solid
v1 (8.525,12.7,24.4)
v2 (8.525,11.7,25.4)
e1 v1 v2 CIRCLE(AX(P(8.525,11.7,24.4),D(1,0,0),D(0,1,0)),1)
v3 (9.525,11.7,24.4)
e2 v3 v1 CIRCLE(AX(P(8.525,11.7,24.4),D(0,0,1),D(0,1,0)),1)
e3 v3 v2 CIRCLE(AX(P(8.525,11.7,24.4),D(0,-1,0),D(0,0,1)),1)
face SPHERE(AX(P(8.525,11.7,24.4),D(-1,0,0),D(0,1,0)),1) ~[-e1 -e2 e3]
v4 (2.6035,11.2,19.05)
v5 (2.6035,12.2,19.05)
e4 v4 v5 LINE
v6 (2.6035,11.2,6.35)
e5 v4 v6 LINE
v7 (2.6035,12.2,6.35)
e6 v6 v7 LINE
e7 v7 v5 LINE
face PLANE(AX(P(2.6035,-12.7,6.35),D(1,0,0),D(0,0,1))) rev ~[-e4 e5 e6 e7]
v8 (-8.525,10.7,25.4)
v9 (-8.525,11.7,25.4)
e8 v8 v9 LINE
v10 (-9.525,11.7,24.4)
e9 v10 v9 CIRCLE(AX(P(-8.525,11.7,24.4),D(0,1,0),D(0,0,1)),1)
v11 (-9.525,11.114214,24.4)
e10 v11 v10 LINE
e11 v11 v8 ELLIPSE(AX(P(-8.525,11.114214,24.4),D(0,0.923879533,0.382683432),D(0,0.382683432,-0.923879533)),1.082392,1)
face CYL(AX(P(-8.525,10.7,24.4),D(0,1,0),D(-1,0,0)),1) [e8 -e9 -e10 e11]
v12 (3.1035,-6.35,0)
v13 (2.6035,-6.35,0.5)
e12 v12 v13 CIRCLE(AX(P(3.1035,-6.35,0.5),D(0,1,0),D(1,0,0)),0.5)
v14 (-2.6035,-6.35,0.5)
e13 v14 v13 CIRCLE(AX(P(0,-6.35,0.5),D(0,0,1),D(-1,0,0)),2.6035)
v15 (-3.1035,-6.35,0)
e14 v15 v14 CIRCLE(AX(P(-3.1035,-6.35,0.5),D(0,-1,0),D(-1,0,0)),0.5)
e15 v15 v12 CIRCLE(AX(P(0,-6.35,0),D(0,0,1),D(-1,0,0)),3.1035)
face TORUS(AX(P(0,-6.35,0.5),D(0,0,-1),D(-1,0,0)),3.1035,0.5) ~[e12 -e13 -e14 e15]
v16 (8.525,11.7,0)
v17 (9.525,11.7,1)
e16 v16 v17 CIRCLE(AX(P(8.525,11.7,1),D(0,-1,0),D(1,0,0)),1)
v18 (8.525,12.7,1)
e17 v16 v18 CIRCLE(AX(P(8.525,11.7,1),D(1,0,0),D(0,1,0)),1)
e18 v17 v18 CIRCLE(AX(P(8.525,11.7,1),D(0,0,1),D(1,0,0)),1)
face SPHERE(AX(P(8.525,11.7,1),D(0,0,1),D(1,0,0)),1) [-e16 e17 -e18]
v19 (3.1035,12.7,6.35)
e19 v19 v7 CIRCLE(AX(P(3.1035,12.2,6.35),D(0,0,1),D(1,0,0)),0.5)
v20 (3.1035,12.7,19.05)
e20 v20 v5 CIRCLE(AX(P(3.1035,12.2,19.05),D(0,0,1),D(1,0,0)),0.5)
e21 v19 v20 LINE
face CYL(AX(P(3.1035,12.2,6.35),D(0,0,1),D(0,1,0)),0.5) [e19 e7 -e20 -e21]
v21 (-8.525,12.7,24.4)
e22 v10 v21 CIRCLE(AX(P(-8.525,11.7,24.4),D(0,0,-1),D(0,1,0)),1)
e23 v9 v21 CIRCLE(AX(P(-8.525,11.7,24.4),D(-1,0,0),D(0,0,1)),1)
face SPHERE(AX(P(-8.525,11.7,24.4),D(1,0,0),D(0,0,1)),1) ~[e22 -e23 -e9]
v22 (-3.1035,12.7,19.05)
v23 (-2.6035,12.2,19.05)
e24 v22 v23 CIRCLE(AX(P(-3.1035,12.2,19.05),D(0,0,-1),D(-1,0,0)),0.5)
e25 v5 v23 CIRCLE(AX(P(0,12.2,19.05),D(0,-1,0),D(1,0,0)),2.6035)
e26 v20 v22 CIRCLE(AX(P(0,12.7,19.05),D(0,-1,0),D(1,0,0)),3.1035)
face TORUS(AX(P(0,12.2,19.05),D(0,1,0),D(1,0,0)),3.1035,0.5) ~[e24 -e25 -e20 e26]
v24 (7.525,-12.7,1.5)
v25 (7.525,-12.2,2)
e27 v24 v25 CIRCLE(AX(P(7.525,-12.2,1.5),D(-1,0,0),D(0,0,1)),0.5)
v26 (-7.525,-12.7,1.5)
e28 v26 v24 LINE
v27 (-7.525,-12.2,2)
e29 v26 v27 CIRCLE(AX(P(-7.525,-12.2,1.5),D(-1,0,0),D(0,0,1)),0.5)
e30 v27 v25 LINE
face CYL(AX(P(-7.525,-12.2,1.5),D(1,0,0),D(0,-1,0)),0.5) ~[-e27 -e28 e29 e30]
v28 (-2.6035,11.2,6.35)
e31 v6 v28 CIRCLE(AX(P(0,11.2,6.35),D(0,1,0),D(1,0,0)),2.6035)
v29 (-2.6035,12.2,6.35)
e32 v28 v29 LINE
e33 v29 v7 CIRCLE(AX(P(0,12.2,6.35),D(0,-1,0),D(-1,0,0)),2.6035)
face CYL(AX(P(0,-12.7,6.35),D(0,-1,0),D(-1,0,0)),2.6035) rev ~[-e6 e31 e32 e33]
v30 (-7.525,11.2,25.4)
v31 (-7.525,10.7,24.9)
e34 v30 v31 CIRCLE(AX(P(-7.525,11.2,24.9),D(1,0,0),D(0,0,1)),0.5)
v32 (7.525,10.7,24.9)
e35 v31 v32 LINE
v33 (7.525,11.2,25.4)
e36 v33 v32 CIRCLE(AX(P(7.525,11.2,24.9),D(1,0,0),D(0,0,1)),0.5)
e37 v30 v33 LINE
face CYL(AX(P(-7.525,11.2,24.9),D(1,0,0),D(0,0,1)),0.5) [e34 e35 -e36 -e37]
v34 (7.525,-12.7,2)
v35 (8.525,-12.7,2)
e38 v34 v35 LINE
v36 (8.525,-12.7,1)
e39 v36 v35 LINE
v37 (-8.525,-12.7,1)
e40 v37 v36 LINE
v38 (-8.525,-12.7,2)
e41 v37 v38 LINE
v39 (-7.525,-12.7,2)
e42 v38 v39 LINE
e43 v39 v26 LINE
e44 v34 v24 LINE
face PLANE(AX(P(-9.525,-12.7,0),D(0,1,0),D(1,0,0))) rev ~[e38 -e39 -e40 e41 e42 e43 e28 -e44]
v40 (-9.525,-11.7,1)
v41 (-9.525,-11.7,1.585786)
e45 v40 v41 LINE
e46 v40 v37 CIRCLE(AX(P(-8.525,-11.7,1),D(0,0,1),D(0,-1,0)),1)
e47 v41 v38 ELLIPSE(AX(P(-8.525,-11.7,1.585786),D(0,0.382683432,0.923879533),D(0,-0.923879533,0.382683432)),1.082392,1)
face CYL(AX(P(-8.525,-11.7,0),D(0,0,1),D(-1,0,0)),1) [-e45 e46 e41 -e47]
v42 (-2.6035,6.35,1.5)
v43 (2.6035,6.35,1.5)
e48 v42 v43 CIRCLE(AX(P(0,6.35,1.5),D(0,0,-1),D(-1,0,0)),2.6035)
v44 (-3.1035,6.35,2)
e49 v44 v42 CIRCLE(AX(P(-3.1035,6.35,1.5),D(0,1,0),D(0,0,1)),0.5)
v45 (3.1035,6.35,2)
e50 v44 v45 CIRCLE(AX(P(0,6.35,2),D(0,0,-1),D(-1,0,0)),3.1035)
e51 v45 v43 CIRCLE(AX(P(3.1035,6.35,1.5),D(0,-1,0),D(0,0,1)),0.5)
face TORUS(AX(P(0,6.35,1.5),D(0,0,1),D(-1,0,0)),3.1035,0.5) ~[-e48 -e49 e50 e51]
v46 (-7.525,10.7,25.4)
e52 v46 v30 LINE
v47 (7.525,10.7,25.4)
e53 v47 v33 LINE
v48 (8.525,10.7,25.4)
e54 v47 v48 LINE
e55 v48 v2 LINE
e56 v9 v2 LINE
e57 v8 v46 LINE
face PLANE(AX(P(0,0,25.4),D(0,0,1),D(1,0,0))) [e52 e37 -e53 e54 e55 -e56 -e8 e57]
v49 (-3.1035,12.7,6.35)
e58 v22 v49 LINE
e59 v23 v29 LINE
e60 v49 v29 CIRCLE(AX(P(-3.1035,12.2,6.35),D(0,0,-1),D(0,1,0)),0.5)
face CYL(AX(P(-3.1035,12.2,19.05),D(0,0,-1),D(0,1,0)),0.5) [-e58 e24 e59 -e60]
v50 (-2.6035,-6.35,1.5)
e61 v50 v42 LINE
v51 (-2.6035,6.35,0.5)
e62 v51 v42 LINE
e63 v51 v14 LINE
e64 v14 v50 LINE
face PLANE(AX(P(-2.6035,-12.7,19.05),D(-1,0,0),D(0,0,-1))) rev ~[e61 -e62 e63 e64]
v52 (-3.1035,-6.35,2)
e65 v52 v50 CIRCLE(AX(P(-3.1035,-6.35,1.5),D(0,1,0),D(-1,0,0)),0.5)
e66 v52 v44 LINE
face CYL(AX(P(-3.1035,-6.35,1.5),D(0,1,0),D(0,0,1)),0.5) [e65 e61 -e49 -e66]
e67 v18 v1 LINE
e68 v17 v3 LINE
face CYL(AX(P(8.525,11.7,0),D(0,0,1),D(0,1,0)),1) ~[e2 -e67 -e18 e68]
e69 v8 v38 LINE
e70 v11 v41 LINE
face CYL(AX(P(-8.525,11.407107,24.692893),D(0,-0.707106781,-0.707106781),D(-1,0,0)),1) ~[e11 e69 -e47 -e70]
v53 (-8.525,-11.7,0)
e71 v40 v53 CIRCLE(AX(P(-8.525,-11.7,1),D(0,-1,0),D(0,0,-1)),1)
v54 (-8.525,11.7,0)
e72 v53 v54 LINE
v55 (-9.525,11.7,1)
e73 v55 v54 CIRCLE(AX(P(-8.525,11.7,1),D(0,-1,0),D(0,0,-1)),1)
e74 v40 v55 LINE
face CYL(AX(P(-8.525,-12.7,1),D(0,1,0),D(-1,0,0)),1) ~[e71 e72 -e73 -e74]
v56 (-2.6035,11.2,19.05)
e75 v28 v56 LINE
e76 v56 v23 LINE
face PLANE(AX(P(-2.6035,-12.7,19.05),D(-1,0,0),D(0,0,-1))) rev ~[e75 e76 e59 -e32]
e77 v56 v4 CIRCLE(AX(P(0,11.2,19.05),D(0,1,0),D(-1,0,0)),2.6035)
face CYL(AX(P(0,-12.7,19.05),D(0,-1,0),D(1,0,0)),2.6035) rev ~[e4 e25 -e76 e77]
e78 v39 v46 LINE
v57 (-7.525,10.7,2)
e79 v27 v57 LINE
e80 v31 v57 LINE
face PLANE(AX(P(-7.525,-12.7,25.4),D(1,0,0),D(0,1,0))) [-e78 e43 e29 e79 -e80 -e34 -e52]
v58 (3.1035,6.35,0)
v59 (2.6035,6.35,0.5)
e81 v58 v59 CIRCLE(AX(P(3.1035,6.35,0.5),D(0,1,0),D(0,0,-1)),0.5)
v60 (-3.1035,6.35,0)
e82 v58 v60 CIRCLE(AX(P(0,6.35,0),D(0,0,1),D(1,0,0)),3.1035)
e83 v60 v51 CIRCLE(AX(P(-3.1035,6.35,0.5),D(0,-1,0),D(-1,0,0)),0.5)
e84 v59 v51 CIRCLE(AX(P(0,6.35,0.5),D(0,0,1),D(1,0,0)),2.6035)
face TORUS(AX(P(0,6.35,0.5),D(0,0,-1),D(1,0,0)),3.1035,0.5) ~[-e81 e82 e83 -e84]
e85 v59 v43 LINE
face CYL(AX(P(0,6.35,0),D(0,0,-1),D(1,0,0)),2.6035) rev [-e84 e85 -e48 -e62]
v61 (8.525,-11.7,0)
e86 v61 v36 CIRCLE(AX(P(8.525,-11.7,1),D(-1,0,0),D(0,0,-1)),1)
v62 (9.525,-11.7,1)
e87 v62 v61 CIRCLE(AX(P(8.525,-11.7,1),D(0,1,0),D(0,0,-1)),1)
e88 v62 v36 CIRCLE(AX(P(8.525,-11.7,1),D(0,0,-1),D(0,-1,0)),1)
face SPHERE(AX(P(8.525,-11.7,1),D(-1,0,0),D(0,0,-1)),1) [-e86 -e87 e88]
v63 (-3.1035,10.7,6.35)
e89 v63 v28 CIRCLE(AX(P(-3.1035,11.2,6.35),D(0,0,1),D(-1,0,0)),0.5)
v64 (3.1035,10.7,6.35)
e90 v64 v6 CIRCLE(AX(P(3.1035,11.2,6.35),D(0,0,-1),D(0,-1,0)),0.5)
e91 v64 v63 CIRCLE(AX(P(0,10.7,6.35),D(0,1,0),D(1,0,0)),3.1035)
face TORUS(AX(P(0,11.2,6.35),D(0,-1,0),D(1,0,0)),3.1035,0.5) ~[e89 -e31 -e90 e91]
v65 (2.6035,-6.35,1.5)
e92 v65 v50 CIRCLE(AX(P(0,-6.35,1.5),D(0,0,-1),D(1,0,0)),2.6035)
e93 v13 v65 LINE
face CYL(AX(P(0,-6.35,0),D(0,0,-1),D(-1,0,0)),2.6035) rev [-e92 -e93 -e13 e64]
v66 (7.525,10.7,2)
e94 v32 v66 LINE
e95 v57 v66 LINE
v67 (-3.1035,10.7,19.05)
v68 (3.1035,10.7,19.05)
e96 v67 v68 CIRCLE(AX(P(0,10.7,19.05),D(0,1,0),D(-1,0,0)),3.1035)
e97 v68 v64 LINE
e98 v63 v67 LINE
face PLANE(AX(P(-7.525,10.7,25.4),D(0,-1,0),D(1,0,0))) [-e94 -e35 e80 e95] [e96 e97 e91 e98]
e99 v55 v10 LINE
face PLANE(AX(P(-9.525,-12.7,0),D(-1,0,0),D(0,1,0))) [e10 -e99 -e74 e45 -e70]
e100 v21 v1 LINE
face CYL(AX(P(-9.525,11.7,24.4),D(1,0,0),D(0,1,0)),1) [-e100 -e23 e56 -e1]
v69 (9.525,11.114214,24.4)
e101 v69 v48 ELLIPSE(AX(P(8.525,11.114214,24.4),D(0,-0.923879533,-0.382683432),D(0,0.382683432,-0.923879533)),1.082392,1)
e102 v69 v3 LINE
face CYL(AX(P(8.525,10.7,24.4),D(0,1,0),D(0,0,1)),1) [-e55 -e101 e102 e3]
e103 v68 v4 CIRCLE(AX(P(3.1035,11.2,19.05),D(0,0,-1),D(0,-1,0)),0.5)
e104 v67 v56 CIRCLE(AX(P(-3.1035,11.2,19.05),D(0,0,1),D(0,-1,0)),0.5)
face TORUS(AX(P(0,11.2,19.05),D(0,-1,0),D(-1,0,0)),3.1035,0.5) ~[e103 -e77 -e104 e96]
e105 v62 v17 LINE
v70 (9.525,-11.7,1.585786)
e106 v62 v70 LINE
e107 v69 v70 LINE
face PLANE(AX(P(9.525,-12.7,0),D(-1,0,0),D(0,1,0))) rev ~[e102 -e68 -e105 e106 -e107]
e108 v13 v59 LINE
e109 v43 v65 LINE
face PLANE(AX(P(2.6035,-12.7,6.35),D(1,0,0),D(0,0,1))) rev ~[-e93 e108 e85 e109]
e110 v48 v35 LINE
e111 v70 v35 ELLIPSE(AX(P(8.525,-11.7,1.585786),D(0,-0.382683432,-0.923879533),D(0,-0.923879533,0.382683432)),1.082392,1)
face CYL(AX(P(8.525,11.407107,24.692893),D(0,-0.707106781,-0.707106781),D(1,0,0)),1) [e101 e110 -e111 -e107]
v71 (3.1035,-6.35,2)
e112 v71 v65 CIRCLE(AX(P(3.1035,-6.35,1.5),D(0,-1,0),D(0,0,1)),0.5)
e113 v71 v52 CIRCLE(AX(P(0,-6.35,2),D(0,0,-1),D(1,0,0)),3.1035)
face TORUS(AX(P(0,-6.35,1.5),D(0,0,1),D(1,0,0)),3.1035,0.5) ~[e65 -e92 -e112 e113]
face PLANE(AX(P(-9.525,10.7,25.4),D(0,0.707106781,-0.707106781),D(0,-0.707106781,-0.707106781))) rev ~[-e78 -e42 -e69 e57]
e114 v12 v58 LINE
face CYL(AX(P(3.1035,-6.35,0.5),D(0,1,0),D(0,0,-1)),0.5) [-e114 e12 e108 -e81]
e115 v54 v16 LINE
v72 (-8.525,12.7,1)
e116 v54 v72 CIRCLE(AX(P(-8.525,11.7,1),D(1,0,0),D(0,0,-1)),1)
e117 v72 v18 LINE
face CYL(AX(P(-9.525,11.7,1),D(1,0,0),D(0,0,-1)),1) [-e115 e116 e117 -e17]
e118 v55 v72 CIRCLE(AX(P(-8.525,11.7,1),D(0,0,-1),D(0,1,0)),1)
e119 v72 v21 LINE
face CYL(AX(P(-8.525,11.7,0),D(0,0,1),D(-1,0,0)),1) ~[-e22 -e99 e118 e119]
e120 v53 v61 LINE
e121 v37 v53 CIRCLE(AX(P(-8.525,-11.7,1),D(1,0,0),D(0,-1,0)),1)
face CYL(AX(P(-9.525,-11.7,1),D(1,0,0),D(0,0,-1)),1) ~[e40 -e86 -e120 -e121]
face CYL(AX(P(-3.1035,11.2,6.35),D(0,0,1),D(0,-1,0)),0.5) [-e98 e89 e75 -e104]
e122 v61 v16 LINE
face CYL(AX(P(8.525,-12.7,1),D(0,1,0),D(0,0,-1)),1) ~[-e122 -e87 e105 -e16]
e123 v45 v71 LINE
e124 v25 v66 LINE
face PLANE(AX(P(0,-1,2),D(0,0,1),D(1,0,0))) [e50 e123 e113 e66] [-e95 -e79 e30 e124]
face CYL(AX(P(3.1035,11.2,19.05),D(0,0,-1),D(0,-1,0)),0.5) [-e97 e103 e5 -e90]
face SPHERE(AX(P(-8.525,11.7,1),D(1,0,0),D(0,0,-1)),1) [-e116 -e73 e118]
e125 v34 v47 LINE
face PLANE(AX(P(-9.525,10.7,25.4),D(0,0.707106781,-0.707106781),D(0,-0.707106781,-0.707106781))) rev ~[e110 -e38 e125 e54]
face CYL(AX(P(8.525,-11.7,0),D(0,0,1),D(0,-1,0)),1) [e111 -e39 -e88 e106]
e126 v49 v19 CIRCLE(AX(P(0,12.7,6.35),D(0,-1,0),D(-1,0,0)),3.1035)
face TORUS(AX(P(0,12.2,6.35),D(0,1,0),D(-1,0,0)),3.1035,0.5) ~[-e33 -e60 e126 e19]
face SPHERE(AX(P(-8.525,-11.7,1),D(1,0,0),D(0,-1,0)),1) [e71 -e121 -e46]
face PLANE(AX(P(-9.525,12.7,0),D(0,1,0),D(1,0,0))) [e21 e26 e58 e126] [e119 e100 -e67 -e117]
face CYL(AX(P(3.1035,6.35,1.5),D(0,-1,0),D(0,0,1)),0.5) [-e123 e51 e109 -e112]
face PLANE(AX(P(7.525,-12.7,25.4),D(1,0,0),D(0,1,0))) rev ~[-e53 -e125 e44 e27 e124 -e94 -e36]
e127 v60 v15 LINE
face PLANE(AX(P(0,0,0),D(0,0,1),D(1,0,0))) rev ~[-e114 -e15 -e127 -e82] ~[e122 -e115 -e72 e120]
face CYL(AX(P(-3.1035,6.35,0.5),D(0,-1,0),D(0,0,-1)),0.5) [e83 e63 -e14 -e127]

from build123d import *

# Parameters (mm, degrees)
SKETCH010_W     = 19.05
SKETCH010_H     = 25.4
PAD006_DEPTH    = 25.4
POCKET002_DEPTH = 25.401
SKETCH012_W     = 15.05
SKETCH012_H     = 23.4
POCKET003_DEPTH = 23.4
POCKET004_DEPTH = 19.051
FILLET003_R     = 1
FILLET004_R     = 0.5


with BuildPart() as part:
    # Sketch010 → Pad006 (new body)
    with BuildSketch(Plane.XY):
        Rectangle(SKETCH010_W, SKETCH010_H)
        with BuildLine():
            ThreePointArc((2.6035, 6.35), (0, 8.9535), (-2.6035, 6.35))
            Line((-2.6035, 6.35), (-2.6035, -6.35))
            ThreePointArc((-2.6035, -6.35), (0, -8.9535), (2.6035, -6.35))
            Line((2.6035, -6.35), (2.6035, 6.35))
        make_face(mode=Mode.SUBTRACT)
    extrude(amount=PAD006_DEPTH)

    # Sketch011 (on Face4 of Pad006) → Pocket002 (cut, through all)
    with BuildSketch(Plane.XZ.offset(12.7)):
        with BuildLine():
            ThreePointArc((2.6035, 19.05), (0, 21.6535), (-2.6035, 19.05))
            Line((-2.6035, 19.05), (-2.6035, 6.35))
            ThreePointArc((-2.6035, 6.35), (0, 3.7465), (2.6035, 6.35))
            Line((2.6035, 6.35), (2.6035, 19.05))
        make_face()
    extrude(amount=-POCKET002_DEPTH, mode=Mode.SUBTRACT)

    # Sketch012 (on Face5 of Pocket002) → Pocket003 (cut)
    with BuildSketch(Plane.XY.offset(25.4)):
        with Locations((0, -1)):
            Rectangle(SKETCH012_W, SKETCH012_H)
    extrude(amount=-POCKET003_DEPTH, mode=Mode.SUBTRACT)

    # Sketch013 (on Face9 of Pocket003) → Pocket004 (cut, through all)
    with BuildSketch(Plane(origin=(-9.525, 0, 0), x_dir=(0, -1, 0), z_dir=(-1, 0, 0))):
        Polygon((-10.7, 25.4), (12.7, 2), (12.7, 25.4), align=None)
    extrude(amount=-POCKET004_DEPTH, mode=Mode.SUBTRACT)

    # Fillet003
    fillet003_edges = [part.edges().sort_by_distance(p)[0] for p in [
        (0, -12.7, 0),
        (0, 12.7, 25.4),
        (9.525, -1, 13.7),
        (9.525, 12.7, 12.7),
        (9.525, 0, 0),
        (0, 12.7, 0),
        (-9.525, -1, 13.7),
        (9.525, -12.7, 1),
        (-9.525, -12.7, 1),
        (9.525, 11.7, 25.4),
        (-9.525, 11.7, 25.4),
        (-9.525, 0, 0),
        (-9.525, 12.7, 12.7),
    ]]
    fillet(fillet003_edges, radius=FILLET003_R)

    # Fillet004
    fillet004_edges = [part.edges().sort_by_distance(p)[0] for p in [
        (0, -12.7, 2),
        (0, 10.7, 25.4),
        (2.6035, 0, 2),
        (2.6035, 10.7, 12.7),
        (0, 12.7, 21.6535),
        (0, -8.9535, 0),
    ]]
    fillet(fillet004_edges, radius=FILLET004_R)


solid = part.part
